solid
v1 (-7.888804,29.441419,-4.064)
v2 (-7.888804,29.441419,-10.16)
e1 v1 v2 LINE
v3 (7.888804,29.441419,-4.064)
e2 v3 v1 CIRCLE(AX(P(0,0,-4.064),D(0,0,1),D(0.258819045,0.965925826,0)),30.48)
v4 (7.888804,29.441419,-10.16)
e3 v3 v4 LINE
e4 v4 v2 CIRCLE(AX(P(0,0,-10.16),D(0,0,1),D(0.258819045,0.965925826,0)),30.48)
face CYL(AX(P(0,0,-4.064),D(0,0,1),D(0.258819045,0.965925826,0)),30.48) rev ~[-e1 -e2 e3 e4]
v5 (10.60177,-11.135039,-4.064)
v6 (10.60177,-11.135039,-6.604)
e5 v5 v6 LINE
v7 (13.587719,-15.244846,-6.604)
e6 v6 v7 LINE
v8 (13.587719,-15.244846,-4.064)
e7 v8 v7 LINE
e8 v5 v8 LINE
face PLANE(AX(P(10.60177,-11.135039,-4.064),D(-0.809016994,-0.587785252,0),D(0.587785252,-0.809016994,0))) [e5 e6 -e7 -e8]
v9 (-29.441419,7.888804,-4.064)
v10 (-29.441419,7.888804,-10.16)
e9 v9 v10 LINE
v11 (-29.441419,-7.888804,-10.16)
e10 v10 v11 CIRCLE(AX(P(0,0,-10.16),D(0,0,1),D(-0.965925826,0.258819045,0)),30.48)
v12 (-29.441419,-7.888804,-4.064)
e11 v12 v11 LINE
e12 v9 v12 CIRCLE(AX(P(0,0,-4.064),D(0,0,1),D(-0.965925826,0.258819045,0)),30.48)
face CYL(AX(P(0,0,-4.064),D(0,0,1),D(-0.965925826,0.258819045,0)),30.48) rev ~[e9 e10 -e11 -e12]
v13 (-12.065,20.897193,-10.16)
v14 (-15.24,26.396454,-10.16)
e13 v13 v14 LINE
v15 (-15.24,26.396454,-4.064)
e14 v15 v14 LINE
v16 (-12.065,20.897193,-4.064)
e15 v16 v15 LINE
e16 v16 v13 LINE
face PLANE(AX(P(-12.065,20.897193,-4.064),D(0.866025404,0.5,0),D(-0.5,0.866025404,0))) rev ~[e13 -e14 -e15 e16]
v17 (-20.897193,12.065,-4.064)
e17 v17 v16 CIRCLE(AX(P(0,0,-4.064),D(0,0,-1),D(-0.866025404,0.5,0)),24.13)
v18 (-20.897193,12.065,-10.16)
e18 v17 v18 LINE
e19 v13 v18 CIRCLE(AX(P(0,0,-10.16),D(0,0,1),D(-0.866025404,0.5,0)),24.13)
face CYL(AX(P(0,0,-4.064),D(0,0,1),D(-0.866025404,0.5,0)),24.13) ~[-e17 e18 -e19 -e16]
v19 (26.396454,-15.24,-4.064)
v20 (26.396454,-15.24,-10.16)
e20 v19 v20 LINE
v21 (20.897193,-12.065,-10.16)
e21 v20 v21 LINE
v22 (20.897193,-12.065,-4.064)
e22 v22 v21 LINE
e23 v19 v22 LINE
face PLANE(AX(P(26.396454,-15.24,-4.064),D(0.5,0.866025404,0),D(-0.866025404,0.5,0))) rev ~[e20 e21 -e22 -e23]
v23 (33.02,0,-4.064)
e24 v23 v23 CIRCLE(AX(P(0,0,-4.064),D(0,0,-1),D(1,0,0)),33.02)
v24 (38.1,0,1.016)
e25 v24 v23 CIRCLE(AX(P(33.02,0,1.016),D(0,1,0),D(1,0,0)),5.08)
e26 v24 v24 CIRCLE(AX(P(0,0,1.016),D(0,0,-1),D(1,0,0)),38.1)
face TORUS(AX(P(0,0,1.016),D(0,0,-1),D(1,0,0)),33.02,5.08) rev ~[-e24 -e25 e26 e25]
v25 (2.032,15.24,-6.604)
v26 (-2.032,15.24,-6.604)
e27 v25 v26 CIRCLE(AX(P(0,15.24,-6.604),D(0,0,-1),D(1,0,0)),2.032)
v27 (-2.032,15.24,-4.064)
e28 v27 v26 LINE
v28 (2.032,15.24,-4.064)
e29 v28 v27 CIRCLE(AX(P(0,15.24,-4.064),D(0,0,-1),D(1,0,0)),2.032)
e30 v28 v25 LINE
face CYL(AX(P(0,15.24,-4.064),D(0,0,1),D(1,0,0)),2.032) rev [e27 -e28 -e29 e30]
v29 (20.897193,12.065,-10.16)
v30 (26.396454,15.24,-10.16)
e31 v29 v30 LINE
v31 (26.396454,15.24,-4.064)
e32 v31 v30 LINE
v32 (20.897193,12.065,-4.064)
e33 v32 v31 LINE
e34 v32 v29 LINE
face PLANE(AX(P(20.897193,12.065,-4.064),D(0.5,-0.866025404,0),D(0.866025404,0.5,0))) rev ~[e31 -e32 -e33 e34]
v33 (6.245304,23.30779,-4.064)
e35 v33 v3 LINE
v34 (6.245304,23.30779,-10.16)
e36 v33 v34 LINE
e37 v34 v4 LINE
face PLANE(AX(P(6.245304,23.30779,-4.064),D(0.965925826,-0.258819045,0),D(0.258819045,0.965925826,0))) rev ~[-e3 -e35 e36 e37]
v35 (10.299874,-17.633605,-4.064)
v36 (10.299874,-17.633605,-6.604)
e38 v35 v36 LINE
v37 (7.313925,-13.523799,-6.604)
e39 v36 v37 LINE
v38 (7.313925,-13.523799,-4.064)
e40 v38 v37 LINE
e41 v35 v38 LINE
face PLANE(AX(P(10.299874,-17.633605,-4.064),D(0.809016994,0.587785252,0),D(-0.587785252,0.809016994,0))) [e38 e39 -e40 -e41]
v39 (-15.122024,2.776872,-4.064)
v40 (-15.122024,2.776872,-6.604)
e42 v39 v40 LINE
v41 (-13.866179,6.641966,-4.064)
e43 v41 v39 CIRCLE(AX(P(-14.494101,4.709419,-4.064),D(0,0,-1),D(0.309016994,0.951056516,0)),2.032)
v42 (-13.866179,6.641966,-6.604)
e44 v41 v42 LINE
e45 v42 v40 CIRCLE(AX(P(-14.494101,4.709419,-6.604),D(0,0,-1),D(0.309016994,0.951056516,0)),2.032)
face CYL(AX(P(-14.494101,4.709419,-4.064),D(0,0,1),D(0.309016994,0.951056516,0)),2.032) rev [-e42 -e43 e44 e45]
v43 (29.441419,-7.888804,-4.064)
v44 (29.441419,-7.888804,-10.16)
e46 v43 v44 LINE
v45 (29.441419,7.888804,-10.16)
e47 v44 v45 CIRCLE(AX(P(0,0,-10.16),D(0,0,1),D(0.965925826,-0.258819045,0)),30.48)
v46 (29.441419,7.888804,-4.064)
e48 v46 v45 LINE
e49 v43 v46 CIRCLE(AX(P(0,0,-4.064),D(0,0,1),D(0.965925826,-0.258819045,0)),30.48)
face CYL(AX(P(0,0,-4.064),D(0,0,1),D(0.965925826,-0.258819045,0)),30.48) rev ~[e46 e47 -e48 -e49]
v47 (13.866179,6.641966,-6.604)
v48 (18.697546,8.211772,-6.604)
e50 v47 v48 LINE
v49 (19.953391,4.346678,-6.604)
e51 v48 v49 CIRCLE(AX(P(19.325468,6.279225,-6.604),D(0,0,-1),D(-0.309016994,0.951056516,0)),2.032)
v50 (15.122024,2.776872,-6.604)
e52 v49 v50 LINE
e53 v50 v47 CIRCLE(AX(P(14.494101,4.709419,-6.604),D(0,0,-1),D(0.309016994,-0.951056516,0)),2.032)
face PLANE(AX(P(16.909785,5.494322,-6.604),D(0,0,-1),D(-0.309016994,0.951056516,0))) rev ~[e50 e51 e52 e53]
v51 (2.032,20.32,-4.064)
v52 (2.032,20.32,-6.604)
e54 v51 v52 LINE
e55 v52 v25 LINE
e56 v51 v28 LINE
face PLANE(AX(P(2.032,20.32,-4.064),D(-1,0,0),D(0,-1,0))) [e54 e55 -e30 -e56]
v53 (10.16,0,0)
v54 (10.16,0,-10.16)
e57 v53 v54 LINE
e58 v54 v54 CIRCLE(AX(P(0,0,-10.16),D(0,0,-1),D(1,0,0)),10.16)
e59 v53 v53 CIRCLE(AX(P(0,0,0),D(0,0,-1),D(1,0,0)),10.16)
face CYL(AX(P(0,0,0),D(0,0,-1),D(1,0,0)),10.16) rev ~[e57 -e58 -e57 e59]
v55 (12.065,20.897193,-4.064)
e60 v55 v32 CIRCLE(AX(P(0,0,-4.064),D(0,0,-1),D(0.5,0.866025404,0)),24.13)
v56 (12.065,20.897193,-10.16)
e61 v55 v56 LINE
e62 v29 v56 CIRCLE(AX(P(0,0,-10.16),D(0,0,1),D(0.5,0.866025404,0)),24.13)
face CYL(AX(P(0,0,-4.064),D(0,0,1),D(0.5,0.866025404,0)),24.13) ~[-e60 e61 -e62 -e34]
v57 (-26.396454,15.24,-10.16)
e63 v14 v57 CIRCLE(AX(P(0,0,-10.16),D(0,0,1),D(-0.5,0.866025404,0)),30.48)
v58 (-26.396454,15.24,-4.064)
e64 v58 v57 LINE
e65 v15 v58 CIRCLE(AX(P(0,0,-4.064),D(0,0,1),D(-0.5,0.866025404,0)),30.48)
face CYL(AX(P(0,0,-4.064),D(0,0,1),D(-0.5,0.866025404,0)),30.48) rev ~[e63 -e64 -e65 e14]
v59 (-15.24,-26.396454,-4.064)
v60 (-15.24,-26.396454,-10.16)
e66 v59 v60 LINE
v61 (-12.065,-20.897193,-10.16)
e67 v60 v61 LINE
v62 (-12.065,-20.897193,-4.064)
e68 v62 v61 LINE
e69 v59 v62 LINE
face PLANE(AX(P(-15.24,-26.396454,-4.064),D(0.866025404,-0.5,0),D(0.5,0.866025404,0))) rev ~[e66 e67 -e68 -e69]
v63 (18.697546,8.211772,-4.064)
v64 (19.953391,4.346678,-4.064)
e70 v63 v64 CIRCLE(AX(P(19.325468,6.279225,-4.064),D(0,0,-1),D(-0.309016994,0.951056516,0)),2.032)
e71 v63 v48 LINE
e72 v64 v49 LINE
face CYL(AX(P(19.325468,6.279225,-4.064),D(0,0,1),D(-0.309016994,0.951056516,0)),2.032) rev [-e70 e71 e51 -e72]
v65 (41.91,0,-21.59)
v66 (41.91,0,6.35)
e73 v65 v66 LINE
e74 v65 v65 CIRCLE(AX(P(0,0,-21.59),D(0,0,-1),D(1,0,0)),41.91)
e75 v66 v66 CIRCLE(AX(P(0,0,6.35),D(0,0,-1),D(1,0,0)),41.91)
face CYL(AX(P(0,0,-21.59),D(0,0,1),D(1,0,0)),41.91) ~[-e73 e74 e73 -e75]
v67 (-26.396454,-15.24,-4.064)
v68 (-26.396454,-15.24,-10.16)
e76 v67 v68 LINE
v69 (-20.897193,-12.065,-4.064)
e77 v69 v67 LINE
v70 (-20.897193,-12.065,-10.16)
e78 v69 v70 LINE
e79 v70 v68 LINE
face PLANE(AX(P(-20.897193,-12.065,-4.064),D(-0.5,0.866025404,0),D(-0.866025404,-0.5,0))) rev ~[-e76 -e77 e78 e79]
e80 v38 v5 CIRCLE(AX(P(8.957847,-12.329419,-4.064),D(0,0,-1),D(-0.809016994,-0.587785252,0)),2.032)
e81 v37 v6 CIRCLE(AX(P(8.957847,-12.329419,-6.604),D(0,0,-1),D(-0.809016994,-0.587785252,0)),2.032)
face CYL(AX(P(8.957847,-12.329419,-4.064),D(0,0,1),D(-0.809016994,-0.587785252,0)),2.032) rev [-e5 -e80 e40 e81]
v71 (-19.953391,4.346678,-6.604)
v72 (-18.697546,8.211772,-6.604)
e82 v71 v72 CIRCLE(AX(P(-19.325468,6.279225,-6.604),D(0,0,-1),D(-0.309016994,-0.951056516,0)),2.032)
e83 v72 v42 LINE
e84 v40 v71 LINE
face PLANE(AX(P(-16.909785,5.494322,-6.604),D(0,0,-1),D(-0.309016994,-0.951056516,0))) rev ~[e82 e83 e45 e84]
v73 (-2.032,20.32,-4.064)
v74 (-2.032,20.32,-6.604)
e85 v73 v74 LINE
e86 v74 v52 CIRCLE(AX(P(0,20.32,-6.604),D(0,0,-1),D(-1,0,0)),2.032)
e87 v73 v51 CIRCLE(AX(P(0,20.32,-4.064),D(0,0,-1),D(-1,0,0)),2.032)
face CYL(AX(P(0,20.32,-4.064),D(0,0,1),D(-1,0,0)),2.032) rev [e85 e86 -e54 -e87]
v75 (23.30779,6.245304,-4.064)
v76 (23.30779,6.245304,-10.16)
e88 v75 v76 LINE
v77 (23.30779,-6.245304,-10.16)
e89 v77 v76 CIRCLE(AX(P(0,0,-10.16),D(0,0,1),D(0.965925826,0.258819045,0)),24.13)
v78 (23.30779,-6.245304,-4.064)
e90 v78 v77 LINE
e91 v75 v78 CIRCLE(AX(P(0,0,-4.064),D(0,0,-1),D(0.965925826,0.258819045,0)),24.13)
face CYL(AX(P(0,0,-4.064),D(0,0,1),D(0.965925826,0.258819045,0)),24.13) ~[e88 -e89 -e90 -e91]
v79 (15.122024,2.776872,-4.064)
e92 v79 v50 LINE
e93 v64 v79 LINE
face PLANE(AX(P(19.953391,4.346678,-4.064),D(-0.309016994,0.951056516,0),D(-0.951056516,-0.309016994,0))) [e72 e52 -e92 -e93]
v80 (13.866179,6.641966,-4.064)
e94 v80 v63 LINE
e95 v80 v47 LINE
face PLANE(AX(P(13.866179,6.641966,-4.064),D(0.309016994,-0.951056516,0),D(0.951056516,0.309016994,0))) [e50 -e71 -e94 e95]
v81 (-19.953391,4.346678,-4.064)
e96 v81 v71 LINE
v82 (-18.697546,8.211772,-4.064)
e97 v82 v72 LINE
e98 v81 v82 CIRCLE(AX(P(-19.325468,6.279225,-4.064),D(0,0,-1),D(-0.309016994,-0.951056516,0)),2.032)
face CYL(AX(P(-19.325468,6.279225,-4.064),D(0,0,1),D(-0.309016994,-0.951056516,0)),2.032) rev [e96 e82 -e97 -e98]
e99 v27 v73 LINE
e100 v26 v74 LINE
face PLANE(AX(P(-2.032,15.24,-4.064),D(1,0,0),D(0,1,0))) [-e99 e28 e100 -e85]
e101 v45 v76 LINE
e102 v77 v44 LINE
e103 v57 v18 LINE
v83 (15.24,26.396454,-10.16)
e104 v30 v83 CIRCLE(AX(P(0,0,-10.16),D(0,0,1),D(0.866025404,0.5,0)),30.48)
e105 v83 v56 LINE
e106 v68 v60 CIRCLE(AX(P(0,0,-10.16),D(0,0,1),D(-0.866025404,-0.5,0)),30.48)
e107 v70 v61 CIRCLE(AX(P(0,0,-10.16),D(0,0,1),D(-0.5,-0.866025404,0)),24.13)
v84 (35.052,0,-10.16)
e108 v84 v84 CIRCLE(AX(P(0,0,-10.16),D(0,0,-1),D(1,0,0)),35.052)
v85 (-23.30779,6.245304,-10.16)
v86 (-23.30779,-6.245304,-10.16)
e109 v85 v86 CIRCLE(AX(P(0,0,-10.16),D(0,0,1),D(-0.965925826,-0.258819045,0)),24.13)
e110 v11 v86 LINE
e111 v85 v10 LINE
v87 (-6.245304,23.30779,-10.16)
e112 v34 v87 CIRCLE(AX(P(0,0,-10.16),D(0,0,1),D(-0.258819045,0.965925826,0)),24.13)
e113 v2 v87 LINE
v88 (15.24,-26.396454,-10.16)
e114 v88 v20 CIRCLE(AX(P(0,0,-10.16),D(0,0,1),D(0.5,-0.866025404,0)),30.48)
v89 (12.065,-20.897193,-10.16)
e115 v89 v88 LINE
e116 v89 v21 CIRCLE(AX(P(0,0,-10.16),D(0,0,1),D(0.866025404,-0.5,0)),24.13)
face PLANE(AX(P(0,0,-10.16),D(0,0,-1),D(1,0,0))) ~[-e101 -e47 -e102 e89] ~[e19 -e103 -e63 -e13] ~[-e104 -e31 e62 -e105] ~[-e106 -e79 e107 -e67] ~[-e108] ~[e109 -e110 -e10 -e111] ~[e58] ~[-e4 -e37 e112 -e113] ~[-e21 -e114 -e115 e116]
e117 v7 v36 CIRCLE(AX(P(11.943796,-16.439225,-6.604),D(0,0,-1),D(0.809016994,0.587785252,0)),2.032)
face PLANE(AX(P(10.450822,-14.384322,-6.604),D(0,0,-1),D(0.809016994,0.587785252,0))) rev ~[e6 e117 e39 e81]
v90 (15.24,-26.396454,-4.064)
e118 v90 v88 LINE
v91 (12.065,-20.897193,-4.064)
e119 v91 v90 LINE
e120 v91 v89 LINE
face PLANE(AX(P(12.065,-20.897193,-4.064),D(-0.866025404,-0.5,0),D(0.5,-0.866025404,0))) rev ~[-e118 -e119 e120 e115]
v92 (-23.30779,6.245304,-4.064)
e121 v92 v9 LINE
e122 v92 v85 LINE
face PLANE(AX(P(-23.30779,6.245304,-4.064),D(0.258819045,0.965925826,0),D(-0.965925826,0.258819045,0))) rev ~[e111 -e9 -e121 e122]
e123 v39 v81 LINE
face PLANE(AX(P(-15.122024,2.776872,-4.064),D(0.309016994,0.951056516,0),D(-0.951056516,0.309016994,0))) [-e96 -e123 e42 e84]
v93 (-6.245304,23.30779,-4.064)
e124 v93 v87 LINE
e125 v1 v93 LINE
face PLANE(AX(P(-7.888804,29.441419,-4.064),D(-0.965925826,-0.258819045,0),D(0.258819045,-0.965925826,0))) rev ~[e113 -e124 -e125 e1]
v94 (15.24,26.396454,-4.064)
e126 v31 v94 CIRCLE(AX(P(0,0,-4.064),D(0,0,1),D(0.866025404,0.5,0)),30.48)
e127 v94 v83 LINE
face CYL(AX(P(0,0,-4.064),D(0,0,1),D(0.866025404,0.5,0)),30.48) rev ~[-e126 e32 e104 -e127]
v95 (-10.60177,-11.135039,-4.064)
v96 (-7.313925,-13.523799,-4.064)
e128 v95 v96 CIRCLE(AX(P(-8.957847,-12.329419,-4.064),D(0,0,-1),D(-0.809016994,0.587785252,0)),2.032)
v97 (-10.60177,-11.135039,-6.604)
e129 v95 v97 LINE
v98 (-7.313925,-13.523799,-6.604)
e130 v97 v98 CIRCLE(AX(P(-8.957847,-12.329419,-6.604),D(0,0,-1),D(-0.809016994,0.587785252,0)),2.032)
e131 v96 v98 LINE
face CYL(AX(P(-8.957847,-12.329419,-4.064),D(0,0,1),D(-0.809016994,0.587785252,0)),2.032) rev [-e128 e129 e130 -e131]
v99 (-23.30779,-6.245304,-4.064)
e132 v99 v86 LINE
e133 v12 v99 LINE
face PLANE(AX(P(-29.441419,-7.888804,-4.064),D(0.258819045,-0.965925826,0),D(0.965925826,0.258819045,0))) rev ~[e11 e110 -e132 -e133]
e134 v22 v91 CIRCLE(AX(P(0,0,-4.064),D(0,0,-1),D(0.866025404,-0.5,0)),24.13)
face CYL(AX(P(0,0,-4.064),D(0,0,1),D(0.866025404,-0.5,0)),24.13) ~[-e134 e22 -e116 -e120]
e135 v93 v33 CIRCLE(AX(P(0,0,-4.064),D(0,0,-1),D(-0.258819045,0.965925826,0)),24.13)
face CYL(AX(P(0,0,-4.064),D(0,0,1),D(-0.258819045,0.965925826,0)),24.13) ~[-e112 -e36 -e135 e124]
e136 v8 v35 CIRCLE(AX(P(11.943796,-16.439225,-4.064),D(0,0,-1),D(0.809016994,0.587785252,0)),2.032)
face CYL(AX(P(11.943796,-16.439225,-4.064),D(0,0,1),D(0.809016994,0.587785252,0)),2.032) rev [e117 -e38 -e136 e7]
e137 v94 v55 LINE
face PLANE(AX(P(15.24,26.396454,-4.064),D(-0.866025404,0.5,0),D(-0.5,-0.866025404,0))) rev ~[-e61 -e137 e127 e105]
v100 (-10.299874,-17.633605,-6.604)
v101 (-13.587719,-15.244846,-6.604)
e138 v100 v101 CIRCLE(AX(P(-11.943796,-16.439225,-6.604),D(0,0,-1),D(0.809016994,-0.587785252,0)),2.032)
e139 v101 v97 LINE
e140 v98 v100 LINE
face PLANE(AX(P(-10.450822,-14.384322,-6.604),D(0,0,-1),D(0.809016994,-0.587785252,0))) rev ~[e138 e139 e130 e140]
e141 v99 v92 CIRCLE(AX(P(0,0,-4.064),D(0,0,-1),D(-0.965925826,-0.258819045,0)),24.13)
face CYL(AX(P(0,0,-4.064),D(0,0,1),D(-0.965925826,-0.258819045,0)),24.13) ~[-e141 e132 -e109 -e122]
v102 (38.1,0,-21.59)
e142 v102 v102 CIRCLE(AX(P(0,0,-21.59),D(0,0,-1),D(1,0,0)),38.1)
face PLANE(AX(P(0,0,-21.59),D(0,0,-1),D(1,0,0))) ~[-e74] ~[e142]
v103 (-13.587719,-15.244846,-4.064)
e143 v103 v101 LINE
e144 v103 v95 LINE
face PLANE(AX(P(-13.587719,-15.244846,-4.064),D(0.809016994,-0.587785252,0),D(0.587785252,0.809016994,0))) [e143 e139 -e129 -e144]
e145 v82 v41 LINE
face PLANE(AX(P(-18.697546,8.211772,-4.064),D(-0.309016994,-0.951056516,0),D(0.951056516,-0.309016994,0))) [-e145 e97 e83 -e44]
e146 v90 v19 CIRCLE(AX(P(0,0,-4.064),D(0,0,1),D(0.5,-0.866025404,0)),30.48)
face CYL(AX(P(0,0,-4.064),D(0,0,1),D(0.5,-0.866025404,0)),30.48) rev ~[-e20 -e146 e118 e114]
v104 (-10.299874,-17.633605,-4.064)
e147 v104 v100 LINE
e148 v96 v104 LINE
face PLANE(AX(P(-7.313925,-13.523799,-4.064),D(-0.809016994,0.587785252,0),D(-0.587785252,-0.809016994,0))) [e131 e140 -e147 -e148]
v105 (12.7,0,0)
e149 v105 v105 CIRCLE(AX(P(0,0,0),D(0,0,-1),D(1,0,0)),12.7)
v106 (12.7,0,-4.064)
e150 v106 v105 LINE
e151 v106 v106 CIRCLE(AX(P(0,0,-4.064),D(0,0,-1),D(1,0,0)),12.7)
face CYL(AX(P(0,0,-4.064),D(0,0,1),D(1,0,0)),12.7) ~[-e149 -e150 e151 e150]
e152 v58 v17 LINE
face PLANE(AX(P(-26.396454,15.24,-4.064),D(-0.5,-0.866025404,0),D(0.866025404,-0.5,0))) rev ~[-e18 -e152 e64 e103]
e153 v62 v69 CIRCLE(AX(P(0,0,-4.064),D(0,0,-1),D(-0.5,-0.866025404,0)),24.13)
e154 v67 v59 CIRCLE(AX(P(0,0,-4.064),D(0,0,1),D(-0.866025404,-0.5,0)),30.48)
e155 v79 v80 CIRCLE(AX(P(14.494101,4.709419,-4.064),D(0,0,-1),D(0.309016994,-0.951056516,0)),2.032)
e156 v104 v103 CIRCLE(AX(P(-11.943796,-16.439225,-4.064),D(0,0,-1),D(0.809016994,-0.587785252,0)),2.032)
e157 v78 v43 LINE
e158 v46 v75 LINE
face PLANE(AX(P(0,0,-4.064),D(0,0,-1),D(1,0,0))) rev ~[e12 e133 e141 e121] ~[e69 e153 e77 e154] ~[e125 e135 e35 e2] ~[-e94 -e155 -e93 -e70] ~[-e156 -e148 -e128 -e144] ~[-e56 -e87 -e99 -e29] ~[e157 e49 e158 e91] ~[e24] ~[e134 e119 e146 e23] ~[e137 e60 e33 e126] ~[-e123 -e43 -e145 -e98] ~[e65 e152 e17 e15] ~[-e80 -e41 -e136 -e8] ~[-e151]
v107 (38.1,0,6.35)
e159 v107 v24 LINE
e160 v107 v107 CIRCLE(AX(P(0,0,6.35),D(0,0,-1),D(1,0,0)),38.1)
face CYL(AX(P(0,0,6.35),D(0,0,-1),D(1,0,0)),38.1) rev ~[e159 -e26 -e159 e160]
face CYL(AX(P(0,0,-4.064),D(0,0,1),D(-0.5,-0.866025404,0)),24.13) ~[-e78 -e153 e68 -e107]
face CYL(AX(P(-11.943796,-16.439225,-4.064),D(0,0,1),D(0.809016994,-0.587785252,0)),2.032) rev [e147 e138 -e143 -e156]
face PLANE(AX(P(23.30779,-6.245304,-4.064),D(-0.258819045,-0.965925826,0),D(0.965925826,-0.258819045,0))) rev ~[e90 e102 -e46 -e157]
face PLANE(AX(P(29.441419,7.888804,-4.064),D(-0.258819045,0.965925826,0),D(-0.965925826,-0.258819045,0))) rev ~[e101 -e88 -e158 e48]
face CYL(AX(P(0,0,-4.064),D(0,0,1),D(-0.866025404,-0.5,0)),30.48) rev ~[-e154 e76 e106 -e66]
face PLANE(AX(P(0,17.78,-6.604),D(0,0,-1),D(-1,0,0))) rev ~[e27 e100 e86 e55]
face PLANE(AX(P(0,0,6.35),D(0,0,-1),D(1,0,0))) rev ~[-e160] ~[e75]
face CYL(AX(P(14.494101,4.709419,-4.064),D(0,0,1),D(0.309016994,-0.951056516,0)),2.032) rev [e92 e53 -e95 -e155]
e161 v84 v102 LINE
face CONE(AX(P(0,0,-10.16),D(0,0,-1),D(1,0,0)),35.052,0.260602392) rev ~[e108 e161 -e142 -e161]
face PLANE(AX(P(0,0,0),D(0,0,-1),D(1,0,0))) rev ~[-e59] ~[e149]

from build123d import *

# Parameters (mm, degrees)
CUT_EXTRUDE5_DEPTH = 62.806608676
CUT_EXTRUDE6_DEPTH = 2.54
CIRPATTERN1_COUNT  = 5
CIRPATTERN2_COUNT  = 8


with BuildPart() as part:
    # Sketch1 → Revolve1 (revolve)
    with BuildSketch(Plane(origin=(0, 0, 0), x_dir=(0, 0, -1), z_dir=(1, 0, 0))):
        with BuildLine():
            Line((0, 12.7), (0, 10.16))
            Line((0, 10.16), (10.16, 10.16))
            Line((10.16, 10.16), (10.16, 35.052))
            Line((10.16, 35.052), (21.59, 38.1))
            Line((21.59, 38.1), (21.59, 41.91))
            Line((21.59, 41.91), (-6.35, 41.91))
            Line((-6.35, 41.91), (-6.35, 38.1))
            Line((-6.35, 38.1), (-1.016, 38.1))
            ThreePointArc((-1.016, 38.1), (2.576102448, 36.612102448), (4.064, 33.02))
            Line((4.064, 33.02), (4.064, 12.7))
            Line((4.064, 12.7), (0, 12.7))
        make_face()
    revolve(axis=Axis((0, 0, 0), (0, 0, -1)))

    # Sketch2 → Cut-Extrude5 (cut, through all)
    with BuildSketch(Plane.XY.offset(-4.064)):
        with BuildLine():
            Line((-7.888804495, 29.441419185), (-6.245303558, 23.307790188))
            ThreePointArc((-6.245303558, 23.307790188), (0, 24.13), (6.245303558, 23.307790188))
            Line((6.245303558, 23.307790188), (7.888804495, 29.441419185))
            ThreePointArc((7.888804495, 29.441419185), (0, 30.48), (-7.888804495, 29.441419185))
        make_face()
    cut_extrude5 = extrude(amount=-CUT_EXTRUDE5_DEPTH, mode=Mode.SUBTRACT)

    # Sketch2<9> → Cut-Extrude6 (cut)
    with BuildSketch(Plane.XY.offset(-4.064)):
        with BuildLine():
            Line((2.032, 20.32), (2.032, 15.24))
            ThreePointArc((2.032, 15.24), (0, 13.208), (-2.032, 15.24))
            Line((-2.032, 15.24), (-2.032, 20.32))
            ThreePointArc((-2.032, 20.32), (0, 22.352), (2.032, 20.32))
        make_face()
    cut_extrude6 = extrude(amount=-CUT_EXTRUDE6_DEPTH, mode=Mode.SUBTRACT)

    # CirPattern1: Cut-Extrude6 ×5 about axis
    cirpattern1_axis = Axis((0, 0, 0), (0, 0, 1))
    for i in range(1, CIRPATTERN1_COUNT):
        add(cut_extrude6.rotate(cirpattern1_axis, i * 360 / CIRPATTERN1_COUNT), mode=Mode.SUBTRACT)

    # CirPattern2: Cut-Extrude5 ×8 about axis, 1 skipped
    cirpattern2_axis = Axis((0, 0, 0), (0, 0, 1))
    add([cut_extrude5.rotate(cirpattern2_axis, i * 360 / CIRPATTERN2_COUNT) for i in range(1, CIRPATTERN2_COUNT) if i not in (4,)], mode=Mode.SUBTRACT)


solid = part.part
